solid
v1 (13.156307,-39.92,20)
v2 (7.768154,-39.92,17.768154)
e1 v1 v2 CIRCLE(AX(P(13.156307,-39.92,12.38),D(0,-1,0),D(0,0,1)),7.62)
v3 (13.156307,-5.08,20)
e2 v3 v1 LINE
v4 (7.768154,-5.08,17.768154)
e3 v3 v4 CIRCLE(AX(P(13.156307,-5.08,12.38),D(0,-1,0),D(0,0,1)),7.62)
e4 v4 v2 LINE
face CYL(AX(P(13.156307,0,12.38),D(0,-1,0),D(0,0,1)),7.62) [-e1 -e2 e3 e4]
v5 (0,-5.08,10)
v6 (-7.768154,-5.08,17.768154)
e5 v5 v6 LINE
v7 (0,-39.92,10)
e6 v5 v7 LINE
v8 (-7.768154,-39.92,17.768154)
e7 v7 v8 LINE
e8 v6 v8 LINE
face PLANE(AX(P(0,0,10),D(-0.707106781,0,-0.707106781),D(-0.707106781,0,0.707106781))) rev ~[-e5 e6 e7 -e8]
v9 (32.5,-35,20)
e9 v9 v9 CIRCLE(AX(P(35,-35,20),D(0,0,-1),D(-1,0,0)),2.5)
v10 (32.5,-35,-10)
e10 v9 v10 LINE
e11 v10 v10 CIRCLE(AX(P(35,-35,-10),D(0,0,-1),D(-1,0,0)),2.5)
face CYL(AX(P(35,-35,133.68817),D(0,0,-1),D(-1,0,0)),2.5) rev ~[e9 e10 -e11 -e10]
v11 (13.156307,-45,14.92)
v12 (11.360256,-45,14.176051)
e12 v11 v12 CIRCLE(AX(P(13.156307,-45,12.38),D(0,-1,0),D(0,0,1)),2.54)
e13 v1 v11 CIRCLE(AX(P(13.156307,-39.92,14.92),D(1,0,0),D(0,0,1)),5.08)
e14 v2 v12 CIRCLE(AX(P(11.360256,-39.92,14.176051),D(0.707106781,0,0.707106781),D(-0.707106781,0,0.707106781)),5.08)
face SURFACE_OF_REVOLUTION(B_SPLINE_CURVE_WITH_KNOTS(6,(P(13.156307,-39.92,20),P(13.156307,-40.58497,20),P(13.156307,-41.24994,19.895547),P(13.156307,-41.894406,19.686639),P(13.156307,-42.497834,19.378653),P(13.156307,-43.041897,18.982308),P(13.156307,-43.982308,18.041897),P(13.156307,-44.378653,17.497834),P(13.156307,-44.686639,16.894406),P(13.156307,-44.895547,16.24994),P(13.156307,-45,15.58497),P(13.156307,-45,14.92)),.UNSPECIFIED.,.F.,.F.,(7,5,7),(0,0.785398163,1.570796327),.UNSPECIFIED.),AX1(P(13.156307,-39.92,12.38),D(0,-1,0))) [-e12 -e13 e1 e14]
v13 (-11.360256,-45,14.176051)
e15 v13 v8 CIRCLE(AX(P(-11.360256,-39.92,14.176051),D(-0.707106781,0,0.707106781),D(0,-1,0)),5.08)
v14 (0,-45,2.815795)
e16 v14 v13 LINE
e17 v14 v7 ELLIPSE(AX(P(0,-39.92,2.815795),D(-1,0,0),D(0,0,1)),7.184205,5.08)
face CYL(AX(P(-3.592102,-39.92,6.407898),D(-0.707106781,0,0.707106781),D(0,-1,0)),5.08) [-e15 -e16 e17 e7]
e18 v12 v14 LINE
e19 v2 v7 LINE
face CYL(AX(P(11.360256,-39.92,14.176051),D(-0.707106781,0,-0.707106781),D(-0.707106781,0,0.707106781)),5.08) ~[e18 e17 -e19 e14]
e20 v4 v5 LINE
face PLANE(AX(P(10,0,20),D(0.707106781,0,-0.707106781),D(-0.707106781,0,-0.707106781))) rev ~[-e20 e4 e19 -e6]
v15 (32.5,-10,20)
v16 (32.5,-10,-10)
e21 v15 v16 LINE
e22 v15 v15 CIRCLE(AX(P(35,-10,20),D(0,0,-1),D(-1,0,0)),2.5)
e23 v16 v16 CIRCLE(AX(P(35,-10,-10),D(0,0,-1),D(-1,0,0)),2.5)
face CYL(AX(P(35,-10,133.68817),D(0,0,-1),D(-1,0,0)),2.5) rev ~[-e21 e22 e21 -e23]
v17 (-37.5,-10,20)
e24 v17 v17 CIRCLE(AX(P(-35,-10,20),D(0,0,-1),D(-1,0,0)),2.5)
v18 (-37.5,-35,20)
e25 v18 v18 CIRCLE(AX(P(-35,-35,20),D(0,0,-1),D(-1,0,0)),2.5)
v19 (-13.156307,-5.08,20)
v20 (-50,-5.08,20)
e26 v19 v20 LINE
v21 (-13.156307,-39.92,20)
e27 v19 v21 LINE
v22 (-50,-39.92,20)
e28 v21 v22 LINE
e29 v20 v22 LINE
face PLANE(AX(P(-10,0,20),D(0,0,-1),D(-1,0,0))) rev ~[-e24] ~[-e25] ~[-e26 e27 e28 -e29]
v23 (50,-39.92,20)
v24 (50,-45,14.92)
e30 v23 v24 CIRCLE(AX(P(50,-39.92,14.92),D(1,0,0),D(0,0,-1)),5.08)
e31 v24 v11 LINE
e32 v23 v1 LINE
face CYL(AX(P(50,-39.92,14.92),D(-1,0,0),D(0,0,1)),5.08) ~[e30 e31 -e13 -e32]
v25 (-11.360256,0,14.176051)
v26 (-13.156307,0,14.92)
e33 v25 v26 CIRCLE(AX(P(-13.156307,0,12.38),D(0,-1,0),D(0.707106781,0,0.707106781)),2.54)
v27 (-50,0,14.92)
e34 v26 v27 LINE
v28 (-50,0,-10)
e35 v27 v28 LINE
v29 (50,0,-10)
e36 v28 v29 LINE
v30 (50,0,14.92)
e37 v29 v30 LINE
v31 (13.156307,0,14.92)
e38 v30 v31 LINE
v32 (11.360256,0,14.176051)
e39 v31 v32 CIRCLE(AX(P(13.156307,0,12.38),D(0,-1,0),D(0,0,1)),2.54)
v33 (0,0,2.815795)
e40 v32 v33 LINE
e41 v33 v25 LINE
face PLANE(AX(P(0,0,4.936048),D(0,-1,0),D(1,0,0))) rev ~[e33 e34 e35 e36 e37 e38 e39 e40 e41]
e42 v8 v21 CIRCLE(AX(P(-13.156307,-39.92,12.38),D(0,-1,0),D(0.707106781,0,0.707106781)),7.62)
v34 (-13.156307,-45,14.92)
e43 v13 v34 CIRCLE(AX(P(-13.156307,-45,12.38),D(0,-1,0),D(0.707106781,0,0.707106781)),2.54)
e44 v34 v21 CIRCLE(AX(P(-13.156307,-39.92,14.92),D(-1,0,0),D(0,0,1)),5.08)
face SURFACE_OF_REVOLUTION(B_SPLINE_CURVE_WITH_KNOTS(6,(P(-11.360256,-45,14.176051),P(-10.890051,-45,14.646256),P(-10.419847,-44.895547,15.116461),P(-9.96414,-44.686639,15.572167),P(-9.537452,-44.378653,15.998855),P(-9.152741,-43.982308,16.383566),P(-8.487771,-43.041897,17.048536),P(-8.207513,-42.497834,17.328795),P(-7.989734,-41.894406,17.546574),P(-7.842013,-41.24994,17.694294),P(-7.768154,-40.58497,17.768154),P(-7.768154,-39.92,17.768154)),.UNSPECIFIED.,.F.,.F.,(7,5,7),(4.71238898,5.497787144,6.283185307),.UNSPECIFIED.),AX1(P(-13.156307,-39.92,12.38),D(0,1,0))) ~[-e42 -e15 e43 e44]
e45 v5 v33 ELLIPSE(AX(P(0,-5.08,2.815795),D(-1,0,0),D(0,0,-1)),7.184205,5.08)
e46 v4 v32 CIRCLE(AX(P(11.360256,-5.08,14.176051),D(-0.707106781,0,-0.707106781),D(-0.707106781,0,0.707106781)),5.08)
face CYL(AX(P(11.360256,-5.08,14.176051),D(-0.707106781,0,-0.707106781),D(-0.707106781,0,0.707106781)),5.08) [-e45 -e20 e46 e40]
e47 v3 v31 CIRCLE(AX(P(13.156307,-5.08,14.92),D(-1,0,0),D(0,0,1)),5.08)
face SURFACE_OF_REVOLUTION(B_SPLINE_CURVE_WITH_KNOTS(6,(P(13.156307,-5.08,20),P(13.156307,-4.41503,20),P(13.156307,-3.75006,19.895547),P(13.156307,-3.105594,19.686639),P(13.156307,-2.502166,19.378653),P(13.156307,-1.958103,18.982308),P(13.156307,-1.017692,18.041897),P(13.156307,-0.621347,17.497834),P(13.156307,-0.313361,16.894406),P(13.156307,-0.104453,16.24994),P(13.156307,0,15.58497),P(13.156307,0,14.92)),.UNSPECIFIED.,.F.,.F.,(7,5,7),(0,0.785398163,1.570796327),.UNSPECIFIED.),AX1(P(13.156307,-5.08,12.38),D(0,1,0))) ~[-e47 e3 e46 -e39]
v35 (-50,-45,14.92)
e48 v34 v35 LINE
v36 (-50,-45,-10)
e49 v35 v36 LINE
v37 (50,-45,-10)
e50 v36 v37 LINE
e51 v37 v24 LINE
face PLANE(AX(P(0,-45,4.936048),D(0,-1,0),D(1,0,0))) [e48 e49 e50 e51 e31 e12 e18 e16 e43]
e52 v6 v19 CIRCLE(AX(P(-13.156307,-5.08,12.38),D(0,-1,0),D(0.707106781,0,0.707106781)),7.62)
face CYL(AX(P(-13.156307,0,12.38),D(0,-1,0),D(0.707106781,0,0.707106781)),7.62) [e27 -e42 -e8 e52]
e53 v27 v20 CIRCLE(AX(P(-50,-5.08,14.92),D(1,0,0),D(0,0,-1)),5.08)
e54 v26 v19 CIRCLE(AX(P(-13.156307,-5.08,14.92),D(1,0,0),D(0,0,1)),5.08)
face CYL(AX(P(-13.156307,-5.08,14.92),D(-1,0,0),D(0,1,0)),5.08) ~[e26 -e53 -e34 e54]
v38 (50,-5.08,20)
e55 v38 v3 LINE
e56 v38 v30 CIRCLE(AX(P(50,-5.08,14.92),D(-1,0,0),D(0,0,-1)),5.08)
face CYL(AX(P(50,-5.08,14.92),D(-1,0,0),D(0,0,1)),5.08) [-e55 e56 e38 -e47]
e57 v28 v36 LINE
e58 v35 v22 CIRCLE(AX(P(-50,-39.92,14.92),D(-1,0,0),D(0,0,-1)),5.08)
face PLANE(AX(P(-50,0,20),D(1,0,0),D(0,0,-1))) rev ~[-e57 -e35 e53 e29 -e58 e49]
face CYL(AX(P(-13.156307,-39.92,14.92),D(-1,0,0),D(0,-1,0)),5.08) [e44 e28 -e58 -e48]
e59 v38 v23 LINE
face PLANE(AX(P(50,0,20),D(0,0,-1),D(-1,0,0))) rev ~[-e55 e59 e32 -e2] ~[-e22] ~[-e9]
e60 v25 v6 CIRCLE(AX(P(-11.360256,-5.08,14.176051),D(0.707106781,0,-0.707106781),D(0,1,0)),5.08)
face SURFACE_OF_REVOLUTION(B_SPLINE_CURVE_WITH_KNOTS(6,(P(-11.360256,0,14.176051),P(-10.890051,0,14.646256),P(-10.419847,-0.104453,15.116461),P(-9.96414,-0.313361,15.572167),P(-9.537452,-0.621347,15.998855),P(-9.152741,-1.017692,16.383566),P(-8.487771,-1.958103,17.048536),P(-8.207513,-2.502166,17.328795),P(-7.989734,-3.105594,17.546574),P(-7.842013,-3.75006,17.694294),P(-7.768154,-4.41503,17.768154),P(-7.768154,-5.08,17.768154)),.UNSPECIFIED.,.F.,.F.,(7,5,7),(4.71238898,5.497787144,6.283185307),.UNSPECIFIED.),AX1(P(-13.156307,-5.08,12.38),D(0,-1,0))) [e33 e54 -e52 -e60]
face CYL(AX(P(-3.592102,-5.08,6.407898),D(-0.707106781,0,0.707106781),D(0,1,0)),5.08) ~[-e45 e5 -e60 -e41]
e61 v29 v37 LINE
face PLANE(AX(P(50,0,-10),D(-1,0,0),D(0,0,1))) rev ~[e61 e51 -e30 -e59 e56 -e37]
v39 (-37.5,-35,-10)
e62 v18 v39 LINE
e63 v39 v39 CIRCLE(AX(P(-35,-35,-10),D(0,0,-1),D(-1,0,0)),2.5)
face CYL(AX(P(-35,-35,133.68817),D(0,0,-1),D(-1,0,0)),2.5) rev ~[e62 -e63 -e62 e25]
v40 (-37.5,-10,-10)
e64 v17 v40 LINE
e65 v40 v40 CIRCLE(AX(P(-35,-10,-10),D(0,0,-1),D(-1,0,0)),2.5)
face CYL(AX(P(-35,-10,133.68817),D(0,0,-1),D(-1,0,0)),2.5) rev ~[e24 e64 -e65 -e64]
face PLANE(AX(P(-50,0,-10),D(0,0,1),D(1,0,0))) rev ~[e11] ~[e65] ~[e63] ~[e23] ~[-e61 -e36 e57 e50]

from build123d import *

# Parameters (mm, degrees)
F1_DEPTH = 45
F3_D     = 5
F5_D     = 5
F7_D     = 5
F9_D     = 5
F10_R    = 7.62
F11_R    = 5.08


with BuildPart() as f1:
    # F0 (on Front) → F1 (new body)
    with BuildSketch(Plane.XZ):
        Polygon((50, 20), (20, 20), (10, 20), (0, 10), (-10, 20), (-20, 20), (-50, 20), (-50, 0), (-50, -10), (50, -10), (50, 0), align=None)
    extrude(amount=F1_DEPTH)

    # F3 (through all)
    with Locations(Plane.XY.offset(20)):
        with Locations((35, -35)):
            Hole(F3_D / 2)

    # F5 (through all)
    with Locations(Plane.XY.offset(20)):
        with Locations((35, -10)):
            Hole(F5_D / 2)

    # F7 (through all)
    with Locations(Plane.XY.offset(20)):
        with Locations((-35, -10)):
            Hole(F7_D / 2)

    # F9 (through all)
    with Locations(Plane.XY.offset(20)):
        with Locations((-35, -35)):
            Hole(F9_D / 2)

    # F10
    f10_edges = [f1.edges().sort_by_distance(p)[0] for p in [
        (10, -22.5, 20),
        (-10, -22.5, 20),
    ]]
    fillet(f10_edges, radius=F10_R)

    # F11
    f11_edges = [f1.edges().sort_by_distance(p)[0] for p in [
        (-31.578154, -45, 20),
        (31.578154, -45, 20),
        (31.578154, 0, 20),
        (-31.578154, 0, 20),
    ]]
    fillet(f11_edges, radius=F11_R)


solid = f1.part
